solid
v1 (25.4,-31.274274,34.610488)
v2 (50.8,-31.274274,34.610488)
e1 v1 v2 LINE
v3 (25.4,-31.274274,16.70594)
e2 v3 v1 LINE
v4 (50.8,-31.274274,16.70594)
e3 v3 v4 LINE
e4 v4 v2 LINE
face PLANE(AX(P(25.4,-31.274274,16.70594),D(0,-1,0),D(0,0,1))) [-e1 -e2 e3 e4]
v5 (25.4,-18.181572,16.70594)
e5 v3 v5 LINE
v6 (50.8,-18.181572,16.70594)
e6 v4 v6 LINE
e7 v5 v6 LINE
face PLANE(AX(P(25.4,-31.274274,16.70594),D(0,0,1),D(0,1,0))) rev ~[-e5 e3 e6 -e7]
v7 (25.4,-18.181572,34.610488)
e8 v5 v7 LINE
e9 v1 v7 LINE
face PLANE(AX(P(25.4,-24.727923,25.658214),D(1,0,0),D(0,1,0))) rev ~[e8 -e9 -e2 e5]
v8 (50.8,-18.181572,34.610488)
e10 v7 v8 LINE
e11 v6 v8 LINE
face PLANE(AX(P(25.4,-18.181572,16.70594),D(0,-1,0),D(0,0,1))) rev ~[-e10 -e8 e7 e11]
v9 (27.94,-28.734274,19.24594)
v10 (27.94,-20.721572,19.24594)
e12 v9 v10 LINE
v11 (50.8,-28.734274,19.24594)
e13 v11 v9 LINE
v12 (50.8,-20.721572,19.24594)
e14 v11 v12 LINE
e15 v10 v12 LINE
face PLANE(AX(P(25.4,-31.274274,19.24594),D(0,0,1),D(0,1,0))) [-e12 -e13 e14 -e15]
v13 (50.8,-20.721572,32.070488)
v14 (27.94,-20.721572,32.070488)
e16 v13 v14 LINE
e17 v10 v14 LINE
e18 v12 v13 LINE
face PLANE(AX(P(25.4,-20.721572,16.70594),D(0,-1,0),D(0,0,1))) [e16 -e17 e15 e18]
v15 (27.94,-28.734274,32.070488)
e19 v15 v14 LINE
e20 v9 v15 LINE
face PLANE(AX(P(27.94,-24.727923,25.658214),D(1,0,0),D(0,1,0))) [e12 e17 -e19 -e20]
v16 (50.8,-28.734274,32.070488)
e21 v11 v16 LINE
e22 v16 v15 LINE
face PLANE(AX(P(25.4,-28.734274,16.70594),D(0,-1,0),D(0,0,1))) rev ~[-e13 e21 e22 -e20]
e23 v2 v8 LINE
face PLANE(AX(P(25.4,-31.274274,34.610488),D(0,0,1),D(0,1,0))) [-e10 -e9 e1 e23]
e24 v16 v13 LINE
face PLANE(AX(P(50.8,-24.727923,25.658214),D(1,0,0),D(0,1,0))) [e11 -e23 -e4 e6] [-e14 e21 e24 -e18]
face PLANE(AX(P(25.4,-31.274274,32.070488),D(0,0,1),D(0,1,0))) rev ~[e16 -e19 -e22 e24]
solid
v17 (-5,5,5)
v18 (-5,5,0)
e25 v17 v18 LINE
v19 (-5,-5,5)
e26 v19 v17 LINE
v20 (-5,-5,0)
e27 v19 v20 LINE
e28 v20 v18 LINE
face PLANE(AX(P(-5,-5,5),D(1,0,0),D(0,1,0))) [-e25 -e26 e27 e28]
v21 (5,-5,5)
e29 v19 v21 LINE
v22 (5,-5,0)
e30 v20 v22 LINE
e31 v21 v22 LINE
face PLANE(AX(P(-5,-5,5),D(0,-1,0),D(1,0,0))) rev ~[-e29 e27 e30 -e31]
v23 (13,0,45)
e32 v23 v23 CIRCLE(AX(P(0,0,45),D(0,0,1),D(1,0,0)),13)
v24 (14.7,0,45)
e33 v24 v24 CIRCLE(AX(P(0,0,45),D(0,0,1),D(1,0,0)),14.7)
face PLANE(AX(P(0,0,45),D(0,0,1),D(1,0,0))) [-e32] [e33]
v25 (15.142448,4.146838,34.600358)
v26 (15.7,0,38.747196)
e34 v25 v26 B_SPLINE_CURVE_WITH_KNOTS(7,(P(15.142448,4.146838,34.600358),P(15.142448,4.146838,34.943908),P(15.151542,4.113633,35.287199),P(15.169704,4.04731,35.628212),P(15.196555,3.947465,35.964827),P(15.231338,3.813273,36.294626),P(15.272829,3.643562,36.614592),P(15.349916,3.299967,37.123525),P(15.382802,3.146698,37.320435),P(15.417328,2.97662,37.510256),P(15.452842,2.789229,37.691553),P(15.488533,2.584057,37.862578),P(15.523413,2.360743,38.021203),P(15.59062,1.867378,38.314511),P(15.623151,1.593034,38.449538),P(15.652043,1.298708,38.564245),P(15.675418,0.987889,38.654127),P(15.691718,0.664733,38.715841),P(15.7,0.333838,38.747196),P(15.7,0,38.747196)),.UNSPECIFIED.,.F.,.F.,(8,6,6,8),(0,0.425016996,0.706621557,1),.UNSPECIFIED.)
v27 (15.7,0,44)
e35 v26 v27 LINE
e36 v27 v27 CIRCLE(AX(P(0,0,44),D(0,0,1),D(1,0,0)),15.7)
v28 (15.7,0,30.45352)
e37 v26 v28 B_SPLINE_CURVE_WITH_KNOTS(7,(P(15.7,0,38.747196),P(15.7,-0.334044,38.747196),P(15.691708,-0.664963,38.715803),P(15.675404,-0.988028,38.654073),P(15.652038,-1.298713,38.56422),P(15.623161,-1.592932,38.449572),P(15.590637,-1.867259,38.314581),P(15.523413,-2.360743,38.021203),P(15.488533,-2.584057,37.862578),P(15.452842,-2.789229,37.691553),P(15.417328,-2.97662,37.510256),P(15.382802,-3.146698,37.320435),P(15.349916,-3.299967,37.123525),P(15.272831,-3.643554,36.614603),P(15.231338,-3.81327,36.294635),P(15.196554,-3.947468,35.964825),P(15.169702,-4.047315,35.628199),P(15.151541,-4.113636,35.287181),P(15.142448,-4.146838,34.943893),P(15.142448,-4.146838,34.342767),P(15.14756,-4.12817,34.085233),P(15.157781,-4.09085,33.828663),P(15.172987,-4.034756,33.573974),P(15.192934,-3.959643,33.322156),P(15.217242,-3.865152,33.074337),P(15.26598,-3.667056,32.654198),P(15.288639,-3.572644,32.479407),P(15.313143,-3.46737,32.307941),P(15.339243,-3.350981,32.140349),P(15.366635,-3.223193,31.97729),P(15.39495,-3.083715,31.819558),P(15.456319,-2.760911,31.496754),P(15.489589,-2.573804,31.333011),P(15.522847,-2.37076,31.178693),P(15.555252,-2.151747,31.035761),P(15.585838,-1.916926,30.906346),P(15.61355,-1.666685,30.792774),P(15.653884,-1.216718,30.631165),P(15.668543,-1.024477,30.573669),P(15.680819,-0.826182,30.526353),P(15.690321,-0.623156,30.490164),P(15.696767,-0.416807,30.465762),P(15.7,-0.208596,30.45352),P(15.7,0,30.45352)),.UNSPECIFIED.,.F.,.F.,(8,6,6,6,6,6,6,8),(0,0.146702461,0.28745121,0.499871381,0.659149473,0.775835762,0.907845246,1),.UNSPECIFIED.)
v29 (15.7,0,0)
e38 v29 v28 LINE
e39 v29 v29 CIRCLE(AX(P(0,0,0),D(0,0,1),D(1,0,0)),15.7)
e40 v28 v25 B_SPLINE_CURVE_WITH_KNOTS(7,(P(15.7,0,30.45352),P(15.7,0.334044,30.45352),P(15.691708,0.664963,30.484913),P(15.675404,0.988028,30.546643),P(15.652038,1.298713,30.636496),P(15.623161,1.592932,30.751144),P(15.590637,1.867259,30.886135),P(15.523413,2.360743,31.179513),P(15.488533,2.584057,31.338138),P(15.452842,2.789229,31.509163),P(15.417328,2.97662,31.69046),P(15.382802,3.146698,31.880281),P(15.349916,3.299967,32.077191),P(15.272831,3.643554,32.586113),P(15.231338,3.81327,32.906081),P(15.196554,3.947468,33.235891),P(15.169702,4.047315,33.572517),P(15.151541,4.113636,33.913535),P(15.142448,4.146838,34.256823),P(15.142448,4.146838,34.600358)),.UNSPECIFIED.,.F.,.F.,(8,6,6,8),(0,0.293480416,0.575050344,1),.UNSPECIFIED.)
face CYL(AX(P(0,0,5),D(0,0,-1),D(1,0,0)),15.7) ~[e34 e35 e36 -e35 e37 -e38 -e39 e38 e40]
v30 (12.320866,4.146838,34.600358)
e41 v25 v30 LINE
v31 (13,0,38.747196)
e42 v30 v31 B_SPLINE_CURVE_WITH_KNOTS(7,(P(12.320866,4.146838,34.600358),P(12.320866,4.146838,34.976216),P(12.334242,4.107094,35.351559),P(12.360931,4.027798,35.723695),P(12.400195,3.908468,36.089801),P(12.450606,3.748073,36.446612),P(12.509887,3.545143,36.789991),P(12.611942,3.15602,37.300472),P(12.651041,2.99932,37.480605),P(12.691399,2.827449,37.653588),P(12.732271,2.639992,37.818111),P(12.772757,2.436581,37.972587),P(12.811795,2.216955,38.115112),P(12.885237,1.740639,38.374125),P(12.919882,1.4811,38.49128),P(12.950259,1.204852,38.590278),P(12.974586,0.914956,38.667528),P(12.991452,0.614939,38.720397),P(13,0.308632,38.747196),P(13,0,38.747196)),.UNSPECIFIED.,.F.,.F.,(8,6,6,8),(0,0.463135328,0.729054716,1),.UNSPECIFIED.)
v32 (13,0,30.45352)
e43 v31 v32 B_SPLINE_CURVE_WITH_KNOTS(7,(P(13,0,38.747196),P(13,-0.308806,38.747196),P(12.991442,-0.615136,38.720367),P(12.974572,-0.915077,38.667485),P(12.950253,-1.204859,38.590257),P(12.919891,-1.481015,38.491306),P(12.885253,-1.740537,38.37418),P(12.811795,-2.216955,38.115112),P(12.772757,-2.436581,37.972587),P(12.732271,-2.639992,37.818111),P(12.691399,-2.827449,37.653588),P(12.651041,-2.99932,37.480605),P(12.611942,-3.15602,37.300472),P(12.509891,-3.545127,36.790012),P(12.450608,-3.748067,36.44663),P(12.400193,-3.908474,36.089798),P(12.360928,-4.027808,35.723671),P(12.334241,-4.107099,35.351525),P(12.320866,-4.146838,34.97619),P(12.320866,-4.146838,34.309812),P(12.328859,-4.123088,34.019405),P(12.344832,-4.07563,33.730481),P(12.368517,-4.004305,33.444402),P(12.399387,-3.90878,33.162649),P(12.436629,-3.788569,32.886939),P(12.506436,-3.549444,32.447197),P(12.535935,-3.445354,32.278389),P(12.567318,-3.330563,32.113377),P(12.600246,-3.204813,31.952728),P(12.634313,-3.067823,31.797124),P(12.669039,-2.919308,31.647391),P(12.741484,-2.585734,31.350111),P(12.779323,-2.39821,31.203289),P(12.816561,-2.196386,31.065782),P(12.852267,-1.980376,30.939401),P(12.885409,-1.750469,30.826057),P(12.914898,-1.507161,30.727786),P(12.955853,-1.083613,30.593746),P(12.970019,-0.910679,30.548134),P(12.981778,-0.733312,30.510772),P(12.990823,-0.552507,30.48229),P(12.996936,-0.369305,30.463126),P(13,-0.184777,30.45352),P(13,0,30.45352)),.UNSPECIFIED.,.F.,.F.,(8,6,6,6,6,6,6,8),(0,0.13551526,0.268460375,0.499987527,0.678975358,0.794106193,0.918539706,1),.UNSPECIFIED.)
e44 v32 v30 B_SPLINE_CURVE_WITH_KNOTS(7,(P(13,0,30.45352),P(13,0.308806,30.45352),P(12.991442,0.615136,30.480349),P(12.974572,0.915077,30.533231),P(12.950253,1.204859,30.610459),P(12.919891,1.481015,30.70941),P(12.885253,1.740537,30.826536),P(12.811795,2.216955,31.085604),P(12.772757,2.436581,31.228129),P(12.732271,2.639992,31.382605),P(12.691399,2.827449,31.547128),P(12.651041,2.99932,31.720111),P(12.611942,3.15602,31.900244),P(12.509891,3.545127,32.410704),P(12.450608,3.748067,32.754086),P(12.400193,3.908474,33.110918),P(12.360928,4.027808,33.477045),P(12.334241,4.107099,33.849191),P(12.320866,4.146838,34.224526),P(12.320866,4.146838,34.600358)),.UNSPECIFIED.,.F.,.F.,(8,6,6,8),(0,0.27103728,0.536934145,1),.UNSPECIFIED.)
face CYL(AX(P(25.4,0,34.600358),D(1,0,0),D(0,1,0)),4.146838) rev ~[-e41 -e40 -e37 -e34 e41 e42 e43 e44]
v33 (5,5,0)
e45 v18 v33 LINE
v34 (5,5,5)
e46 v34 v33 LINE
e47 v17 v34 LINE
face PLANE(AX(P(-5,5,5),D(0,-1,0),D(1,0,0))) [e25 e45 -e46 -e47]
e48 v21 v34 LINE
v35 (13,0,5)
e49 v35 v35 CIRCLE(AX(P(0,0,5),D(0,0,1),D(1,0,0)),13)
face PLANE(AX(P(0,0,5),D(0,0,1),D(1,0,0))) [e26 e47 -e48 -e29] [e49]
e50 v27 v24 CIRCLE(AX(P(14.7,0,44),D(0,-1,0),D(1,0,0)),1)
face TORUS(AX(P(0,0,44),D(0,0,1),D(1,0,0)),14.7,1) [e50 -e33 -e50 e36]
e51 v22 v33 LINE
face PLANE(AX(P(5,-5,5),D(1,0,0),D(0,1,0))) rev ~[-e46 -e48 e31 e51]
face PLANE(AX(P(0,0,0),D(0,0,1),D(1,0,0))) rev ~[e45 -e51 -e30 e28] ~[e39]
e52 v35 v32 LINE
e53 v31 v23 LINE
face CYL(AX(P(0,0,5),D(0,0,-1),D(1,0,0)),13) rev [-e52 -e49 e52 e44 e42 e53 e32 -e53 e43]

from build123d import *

# Parameters (mm, degrees)
F0_R      = 15.7
F1_DEPTH  = 5
F2_R      = 15.7
F2_R_2    = 13
F3_DEPTH  = 40
F4_W      = 10
F4_H      = 10
F5_DEPTH  = 25.4
F6_R      = 1
F8_R      = 4.146838
F9_DEPTH  = 25.4
F10_W     = 13.092702
F10_H     = 17.904548
F11_DEPTH = 25.4
F12_T     = -2.54


with BuildPart() as f1:
    # F0 (on Top) → F1 (new body)
    with BuildSketch(Plane.XY):
        Circle(F0_R)
    extrude(amount=F1_DEPTH)

    # F2 (on face) → F3 (join)
    with BuildSketch(Plane.XY.offset(5)):
        Circle(F2_R)
        Circle(F2_R_2, mode=Mode.SUBTRACT)
    extrude(amount=F3_DEPTH)

    # F4 (on face) → F5 (cut)
    with BuildSketch(Plane.XY.offset(5)):
        Rectangle(F4_W, F4_H)
    extrude(amount=-F5_DEPTH, mode=Mode.SUBTRACT)

    # F6
    f6_edges = [f1.edges().sort_by_distance(p)[0] for p in [
        (-15.7, 0, 45),
    ]]
    fillet(f6_edges, radius=F6_R)

    # F8 (on offset) → F9 (cut)
    with BuildSketch(Plane.YZ.offset(25.4)):
        with Locations((0, 34.600358)):
            Circle(F8_R)
    extrude(amount=-F9_DEPTH, mode=Mode.SUBTRACT)


with BuildPart() as f11:
    # F10 (on offset) → F11 (new body)
    with BuildSketch(Plane.YZ.offset(25.4)):
        with Locations((-24.727923, 25.658214)):
            Rectangle(F10_W, F10_H)
    extrude(amount=F11_DEPTH)

    # F12
    f12_openings = [f11.faces().sort_by_distance(p)[0] for p in [
        (50.8, -24.727923, 25.658214),
    ]]
    offset(amount=F12_T, openings=f12_openings)


solid = Compound([f1.part, f11.part])
